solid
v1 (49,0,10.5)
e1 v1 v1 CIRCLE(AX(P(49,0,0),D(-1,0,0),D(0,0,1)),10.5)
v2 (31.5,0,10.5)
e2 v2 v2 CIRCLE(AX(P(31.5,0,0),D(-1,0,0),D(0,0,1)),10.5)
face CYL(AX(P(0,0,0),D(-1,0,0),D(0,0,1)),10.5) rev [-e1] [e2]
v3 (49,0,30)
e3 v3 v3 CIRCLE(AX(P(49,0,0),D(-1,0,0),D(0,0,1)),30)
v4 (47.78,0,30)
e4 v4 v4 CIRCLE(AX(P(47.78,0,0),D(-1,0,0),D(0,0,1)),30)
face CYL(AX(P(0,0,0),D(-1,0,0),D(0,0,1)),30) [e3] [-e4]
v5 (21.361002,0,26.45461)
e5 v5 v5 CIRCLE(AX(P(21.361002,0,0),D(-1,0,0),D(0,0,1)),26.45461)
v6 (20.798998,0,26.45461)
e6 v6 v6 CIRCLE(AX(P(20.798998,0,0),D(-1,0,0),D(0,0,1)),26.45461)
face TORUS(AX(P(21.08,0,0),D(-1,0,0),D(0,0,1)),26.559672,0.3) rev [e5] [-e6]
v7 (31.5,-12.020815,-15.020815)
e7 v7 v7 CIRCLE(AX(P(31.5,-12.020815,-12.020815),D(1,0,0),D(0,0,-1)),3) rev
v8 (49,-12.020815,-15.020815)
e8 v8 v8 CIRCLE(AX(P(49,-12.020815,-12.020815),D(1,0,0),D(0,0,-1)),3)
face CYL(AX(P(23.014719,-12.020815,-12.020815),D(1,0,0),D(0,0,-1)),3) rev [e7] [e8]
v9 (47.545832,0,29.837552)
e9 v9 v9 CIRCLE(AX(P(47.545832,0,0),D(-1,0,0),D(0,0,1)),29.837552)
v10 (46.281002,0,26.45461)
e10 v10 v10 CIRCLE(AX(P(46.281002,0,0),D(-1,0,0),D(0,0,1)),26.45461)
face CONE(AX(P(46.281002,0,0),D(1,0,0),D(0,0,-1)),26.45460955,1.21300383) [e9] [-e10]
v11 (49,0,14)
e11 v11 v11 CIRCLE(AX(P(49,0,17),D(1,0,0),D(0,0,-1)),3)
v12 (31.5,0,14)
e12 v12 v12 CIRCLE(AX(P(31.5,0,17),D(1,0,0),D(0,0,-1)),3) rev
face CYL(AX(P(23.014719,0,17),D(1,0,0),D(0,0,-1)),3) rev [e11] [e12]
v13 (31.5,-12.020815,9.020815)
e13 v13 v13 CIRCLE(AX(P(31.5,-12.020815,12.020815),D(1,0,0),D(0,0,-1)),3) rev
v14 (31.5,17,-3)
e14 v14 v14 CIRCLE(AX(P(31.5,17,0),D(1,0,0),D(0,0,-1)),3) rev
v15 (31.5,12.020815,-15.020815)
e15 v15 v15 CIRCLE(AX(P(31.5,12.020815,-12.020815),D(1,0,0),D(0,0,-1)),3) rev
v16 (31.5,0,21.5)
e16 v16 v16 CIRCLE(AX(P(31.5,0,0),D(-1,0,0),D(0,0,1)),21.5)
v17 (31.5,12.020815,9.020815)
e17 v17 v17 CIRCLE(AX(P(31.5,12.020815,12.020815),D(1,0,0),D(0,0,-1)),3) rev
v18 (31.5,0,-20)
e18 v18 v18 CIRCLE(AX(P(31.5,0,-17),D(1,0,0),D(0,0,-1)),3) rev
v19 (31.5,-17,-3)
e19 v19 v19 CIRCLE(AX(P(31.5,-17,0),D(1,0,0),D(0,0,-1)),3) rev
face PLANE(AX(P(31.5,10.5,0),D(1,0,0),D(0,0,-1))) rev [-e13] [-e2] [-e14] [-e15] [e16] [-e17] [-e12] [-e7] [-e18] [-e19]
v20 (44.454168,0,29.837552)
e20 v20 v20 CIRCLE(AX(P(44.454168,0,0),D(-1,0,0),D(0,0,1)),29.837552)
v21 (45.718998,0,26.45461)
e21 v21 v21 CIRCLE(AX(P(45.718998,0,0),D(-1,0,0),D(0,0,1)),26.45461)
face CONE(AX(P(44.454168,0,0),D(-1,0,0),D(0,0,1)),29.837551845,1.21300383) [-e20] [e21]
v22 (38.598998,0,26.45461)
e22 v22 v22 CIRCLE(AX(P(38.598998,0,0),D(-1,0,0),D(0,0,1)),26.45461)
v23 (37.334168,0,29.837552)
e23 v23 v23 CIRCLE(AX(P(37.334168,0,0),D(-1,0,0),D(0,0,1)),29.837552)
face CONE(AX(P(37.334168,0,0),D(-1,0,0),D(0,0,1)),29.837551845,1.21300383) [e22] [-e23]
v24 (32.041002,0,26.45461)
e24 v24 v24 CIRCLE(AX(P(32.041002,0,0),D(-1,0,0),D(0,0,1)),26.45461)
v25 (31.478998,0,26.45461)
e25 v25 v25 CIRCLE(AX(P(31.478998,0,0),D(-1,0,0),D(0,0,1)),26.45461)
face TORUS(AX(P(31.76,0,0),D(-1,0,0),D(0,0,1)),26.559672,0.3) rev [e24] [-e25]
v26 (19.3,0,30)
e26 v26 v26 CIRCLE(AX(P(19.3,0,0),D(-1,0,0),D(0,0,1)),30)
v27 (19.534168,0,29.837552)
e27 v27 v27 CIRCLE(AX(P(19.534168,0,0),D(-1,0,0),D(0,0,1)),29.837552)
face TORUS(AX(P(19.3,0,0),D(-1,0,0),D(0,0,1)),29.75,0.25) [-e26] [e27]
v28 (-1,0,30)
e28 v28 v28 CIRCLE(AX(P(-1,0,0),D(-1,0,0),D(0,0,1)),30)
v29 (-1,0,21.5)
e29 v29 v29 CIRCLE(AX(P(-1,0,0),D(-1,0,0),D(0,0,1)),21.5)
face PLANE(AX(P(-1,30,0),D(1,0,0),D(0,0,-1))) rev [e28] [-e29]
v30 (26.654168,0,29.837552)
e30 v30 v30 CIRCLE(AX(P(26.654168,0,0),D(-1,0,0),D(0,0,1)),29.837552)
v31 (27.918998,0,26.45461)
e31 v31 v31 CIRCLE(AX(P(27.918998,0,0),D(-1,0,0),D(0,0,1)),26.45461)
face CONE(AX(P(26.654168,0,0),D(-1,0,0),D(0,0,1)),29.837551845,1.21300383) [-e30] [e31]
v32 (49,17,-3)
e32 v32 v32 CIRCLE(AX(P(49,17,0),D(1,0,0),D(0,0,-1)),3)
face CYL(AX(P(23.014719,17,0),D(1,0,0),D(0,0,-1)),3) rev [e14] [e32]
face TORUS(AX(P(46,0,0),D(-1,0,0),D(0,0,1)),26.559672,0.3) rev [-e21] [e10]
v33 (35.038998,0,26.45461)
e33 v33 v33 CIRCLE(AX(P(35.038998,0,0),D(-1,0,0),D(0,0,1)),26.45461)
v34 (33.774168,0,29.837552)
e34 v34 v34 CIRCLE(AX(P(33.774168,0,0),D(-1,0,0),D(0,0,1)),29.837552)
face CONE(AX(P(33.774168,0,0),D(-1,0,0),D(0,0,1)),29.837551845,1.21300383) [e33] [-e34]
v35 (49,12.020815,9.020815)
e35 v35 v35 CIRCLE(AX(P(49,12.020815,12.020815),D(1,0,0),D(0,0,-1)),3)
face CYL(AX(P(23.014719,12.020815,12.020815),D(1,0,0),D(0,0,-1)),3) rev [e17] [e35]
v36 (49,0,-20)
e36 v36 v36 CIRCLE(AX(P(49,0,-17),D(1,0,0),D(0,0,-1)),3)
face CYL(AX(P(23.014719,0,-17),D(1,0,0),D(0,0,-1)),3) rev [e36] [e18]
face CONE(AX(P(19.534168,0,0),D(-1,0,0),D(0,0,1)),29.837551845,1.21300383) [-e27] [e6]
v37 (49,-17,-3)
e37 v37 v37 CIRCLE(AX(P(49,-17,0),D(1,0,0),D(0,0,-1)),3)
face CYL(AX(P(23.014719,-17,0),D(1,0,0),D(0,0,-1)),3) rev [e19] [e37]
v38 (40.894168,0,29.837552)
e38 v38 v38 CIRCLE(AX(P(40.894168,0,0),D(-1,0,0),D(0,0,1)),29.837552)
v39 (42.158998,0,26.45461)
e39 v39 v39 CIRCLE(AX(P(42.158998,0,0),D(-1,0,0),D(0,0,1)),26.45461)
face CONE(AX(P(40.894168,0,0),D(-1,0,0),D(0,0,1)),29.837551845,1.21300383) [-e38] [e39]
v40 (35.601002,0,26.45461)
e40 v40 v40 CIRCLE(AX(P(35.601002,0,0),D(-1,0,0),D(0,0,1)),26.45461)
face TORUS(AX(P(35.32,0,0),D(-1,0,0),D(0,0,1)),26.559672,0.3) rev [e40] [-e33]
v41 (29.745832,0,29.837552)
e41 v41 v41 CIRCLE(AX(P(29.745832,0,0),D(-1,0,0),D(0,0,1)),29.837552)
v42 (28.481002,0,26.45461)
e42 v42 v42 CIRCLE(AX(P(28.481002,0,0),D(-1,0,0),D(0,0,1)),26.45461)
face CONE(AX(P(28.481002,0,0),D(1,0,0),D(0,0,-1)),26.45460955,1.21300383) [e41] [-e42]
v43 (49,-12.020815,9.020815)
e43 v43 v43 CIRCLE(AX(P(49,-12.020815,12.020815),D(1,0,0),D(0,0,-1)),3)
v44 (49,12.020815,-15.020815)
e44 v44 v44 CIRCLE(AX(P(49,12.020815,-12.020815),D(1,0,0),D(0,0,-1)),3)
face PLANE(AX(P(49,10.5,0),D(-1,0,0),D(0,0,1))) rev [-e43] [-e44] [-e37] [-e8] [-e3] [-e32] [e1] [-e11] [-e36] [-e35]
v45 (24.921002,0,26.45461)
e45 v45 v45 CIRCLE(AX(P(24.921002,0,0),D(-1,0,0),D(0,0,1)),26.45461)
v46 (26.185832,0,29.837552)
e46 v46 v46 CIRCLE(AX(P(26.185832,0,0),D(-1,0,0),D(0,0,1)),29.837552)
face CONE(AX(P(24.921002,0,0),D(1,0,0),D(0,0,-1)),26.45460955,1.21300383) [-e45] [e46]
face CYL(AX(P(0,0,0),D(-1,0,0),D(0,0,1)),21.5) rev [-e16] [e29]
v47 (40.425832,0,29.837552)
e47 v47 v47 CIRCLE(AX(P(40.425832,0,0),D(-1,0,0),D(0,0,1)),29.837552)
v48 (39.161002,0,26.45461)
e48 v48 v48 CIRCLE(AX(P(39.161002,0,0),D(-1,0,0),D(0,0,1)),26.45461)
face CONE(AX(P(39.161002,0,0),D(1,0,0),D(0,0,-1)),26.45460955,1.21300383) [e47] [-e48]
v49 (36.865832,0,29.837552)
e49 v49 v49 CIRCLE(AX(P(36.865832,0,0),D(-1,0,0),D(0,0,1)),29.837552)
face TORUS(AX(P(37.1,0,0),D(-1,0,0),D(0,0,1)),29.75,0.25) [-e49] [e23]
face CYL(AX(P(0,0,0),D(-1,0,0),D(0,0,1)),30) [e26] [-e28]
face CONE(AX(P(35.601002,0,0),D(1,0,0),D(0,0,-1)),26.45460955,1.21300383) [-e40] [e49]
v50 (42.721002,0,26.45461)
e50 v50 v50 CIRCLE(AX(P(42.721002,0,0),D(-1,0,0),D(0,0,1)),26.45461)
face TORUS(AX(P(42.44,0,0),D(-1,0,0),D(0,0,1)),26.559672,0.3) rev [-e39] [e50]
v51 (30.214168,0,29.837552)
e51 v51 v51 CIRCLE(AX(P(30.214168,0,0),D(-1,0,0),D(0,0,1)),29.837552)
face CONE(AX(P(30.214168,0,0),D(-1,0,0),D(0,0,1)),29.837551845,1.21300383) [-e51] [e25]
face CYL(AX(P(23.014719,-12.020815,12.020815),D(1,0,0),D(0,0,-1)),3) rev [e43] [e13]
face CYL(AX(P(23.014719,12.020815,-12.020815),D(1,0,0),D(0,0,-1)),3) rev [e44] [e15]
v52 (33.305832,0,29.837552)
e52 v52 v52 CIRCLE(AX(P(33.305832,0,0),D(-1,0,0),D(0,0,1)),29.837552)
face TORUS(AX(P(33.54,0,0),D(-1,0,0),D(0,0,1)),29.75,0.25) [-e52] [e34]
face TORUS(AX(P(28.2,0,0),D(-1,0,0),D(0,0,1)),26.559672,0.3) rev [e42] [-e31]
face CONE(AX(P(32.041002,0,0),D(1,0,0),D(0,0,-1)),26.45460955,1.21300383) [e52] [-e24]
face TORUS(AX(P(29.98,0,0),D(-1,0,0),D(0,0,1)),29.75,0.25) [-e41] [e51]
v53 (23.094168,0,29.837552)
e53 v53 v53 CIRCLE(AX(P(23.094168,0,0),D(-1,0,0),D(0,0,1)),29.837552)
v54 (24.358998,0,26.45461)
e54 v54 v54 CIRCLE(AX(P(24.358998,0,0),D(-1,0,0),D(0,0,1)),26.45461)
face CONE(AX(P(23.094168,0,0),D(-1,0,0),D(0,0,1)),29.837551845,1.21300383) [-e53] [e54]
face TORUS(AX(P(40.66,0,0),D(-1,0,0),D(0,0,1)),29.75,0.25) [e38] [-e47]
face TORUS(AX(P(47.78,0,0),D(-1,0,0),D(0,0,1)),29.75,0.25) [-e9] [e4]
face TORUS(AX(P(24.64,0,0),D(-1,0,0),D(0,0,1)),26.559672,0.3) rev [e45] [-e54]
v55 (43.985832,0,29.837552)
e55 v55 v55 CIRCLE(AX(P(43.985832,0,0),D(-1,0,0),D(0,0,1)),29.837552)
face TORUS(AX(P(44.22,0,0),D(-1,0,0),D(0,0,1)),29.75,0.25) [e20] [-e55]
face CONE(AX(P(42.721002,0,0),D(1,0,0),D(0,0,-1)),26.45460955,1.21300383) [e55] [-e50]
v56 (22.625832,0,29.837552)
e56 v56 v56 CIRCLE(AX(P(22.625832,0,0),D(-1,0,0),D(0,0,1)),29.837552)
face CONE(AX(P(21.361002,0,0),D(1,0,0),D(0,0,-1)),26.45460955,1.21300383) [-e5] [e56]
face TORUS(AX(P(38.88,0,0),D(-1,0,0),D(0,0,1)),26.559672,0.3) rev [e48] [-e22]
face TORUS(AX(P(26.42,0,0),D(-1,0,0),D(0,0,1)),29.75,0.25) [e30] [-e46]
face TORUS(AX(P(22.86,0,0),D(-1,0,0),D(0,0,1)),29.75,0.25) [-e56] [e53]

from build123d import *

# Parameters (mm, degrees)
LPATTERN1_COUNT    = 8
LPATTERN1_PITCH    = 3.56
SKETCH3_R          = 3
CUT_EXTRUDE1_DEPTH = 17.5


with BuildPart() as part:
    # Sketch1 → Revolve1 (revolve)
    with BuildSketch(Plane.XY, mode=Mode.PRIVATE) as revolve1_sk:
        Polygon((49, 10.5), (49, 30), (-1, 30), (-1, 21.5), (31.5, 21.5), (31.5, 10.5), align=None)
    revolve(revolve1_sk.sketch.rotate(Axis((0, 0, 0), (1, 0, 0)), 90), axis=Axis((0, 0, 0), (1, 0, 0)))

    # Sketch2 → Cut-Revolve1 (revolve, cut)
    with BuildSketch(Plane.XY, mode=Mode.PRIVATE) as cut_revolve1_sk:
        with BuildLine():
            Line((47.545831953, 29.837551845), (46.281001657, 26.45460955))
            ThreePointArc((46.281001657, 26.45460955), (46, 26.259671764), (45.718998343, 26.45460955))
            Line((45.718998343, 26.45460955), (44.454168047, 29.837551845))
            ThreePointArc((44.454168047, 29.837551845), (44.362499191, 29.955411734), (44.22, 30))
            Line((44.22, 30), (47.78, 30))
            ThreePointArc((47.78, 30), (47.637500809, 29.955411734), (47.545831953, 29.837551845))
        make_face()
    cut_revolve1 = revolve(cut_revolve1_sk.sketch.rotate(Axis((0, 0, 0), (1, 0, 0)), 90), axis=Axis((0, 0, 0), (1, 0, 0)), mode=Mode.SUBTRACT)

    # LPattern1: Cut-Revolve1 ×8
    with Locations(*[(-i * LPATTERN1_PITCH, 0, 0) for i in range(1, LPATTERN1_COUNT)]):
        add(cut_revolve1, mode=Mode.SUBTRACT)

    # Sketch3 → Cut-Extrude1 (cut)
    with BuildSketch(Plane(origin=(49, 0, 0), x_dir=(0, 0, -1), z_dir=(1, 0, 0))):
        with Locations((0, 17)):
            Circle(SKETCH3_R)
        with Locations((12.02081528, 12.02081528)):
            Circle(SKETCH3_R)
        with Locations((17, 0)):
            Circle(SKETCH3_R)
        with Locations((12.02081528, -12.02081528)):
            Circle(SKETCH3_R)
        with Locations((0, -17)):
            Circle(SKETCH3_R)
        with Locations((-12.02081528, -12.02081528)):
            Circle(SKETCH3_R)
        with Locations((-17, 0)):
            Circle(SKETCH3_R)
        with Locations((-12.02081528, 12.02081528)):
            Circle(SKETCH3_R)
    extrude(amount=-CUT_EXTRUDE1_DEPTH, mode=Mode.SUBTRACT)


solid = part.part
